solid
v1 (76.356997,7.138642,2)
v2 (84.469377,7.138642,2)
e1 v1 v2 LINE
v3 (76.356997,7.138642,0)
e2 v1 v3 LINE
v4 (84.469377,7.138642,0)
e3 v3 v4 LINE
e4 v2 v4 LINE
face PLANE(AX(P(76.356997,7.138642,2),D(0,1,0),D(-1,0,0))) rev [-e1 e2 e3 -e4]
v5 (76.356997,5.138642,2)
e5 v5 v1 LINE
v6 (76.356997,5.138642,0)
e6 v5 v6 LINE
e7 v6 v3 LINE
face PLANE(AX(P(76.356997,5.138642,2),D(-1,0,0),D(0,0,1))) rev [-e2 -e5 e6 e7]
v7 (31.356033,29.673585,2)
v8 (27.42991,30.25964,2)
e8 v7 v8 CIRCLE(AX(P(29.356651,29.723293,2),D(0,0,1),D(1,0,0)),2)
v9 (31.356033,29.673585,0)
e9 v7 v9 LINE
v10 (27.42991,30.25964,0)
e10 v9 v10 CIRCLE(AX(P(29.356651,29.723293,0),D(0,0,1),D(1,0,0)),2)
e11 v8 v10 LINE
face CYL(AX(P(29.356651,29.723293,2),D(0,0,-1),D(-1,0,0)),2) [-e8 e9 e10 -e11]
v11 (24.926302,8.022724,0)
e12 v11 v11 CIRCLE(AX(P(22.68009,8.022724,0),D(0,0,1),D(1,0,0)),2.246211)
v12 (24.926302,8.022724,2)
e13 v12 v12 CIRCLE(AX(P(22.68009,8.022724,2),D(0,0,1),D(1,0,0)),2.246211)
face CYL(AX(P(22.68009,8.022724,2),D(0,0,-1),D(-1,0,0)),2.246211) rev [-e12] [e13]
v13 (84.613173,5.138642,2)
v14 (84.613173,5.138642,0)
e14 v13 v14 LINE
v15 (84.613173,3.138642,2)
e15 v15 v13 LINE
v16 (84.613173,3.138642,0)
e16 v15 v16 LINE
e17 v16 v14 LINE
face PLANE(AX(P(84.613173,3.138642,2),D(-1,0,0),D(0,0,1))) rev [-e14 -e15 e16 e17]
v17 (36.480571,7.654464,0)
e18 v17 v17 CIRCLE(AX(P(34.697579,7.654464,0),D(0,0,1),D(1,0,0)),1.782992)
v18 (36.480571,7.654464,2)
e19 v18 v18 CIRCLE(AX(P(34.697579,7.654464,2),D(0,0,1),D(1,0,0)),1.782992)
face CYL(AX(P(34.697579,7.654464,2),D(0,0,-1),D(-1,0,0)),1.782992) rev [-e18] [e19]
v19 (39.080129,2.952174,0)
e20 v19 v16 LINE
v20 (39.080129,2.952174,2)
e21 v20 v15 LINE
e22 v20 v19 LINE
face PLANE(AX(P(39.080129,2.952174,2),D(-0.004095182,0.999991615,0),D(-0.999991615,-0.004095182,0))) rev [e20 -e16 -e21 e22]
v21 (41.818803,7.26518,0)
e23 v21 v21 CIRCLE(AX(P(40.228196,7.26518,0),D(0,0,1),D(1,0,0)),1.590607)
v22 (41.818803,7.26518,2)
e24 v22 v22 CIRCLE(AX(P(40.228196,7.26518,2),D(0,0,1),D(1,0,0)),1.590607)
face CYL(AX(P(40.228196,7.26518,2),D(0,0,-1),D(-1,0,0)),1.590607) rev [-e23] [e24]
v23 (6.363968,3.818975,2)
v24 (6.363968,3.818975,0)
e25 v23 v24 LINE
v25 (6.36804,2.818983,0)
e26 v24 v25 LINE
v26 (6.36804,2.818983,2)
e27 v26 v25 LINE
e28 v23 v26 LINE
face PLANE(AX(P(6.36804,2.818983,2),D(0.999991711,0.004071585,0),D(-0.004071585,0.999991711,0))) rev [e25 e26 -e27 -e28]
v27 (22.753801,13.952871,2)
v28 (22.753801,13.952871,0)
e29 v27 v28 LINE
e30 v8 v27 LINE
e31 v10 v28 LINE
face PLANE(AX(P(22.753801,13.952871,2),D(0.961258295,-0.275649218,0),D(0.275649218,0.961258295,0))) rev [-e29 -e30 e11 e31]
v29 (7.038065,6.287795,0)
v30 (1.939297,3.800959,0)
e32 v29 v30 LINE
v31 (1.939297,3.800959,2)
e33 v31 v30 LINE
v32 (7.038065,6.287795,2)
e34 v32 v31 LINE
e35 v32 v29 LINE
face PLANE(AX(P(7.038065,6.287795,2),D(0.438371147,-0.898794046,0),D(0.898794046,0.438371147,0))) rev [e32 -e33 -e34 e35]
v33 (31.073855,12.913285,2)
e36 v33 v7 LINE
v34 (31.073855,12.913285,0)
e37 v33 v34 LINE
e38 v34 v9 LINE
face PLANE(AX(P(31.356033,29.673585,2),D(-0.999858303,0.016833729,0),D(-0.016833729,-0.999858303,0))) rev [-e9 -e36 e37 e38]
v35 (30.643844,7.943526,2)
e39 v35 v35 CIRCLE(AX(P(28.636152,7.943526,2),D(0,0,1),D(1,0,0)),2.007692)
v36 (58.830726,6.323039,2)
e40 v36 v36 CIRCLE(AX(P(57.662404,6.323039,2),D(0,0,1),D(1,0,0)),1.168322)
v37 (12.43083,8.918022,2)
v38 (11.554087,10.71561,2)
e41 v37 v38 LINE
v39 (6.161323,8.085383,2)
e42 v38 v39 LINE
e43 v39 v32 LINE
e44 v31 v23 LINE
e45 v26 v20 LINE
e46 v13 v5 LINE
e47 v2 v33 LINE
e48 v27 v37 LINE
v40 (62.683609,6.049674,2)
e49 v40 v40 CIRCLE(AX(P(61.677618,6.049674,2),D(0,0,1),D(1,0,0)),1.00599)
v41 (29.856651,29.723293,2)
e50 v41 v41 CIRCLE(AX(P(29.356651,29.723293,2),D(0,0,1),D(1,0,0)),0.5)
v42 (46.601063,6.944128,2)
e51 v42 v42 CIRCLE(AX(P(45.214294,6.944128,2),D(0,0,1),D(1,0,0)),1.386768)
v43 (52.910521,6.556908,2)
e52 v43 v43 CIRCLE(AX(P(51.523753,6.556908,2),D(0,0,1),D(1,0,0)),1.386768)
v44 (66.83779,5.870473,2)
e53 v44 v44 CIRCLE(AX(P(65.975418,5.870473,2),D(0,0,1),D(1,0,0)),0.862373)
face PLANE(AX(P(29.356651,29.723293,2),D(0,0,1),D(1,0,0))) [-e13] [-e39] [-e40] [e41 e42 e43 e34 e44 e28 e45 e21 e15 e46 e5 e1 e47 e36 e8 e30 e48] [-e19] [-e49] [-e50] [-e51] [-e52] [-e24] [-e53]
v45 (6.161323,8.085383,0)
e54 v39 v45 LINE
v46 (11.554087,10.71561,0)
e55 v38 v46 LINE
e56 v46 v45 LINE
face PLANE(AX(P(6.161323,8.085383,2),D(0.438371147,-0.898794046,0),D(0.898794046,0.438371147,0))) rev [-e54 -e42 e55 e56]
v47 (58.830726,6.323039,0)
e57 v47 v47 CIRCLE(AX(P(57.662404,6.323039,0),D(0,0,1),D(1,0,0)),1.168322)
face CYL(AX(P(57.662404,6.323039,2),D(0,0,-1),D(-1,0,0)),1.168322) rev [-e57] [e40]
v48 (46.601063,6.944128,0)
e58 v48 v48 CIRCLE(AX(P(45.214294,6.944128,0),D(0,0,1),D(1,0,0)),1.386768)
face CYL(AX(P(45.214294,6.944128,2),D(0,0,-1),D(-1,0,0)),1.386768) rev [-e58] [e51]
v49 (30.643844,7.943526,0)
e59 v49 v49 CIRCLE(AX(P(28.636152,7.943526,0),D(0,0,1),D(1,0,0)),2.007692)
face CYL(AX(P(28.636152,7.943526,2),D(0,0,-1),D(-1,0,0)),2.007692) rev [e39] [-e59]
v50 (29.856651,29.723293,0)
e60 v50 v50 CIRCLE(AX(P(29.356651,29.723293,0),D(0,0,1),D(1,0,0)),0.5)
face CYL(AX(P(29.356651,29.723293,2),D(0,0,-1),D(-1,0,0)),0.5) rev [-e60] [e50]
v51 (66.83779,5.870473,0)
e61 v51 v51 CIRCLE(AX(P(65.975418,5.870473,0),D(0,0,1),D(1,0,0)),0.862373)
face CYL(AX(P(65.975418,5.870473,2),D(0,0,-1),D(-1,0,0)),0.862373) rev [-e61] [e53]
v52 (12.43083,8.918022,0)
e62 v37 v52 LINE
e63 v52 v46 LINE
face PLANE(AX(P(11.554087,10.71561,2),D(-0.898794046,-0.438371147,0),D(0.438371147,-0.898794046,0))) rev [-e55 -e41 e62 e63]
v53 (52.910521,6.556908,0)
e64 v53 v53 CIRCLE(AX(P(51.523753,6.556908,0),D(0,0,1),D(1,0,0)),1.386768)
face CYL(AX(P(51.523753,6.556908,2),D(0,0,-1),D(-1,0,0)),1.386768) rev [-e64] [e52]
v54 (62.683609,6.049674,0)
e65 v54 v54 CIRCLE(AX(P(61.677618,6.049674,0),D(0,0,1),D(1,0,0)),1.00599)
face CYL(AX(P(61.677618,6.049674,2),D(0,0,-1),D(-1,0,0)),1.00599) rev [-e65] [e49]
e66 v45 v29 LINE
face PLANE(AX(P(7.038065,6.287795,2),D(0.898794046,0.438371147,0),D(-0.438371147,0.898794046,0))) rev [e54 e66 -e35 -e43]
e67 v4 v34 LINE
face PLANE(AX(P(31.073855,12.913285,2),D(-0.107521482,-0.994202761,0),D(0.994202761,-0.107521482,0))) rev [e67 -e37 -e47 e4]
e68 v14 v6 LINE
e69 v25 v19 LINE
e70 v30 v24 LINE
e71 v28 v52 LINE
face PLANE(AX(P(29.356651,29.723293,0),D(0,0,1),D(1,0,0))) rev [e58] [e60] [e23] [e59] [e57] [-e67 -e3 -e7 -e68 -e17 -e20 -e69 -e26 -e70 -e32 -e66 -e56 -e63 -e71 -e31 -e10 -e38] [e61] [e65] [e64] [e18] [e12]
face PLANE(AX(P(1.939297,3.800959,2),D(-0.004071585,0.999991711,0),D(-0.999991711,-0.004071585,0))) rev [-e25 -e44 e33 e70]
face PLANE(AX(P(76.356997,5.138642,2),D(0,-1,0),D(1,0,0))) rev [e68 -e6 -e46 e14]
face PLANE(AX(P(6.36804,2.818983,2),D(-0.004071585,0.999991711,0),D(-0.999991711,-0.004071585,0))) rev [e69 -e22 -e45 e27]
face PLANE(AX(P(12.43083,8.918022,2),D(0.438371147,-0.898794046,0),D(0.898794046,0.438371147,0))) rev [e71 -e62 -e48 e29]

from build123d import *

# Parameters (mm, degrees)
MODEL_R         = 0.5
MODEL_R_2       = 1.782992023
MODEL_R_3       = 1.590607237
MODEL_R_4       = 1.168321926
MODEL_R_5       = 1.005990221
MODEL_R_6       = 0.862372678
MODEL_R_7       = 1.386768465
MODEL_R_8       = 2.007691982
MODEL_R_9       = 2.246211192
EXTRUDE_1_DEPTH = 2


with BuildPart() as part:
    # Model → 凸台-拉伸1 (new body)
    with BuildSketch(Plane.XY):
        with BuildLine():
            Line((7.038065488, 6.287794997), (6.161323194, 8.085383089))
            Line((6.161323194, 8.085383089), (11.554087472, 10.71560997))
            Line((11.554087472, 10.71560997), (12.430829766, 8.918021877))
            Line((12.430829766, 8.918021877), (22.753800963, 13.952871341))
            Line((22.753800963, 13.952871341), (27.429909526, 30.259640434))
            ThreePointArc((27.429909526, 30.259640434), (29.651920806, 31.70137695), (31.356032886, 29.673584966))
            Line((31.356032886, 29.673584966), (31.073854544, 12.913284736))
            Line((31.073854544, 12.913284736), (84.46937713, 7.138642034))
            Line((84.46937713, 7.138642034), (76.356996628, 7.138642034))
            Line((76.356996628, 7.138642034), (76.356996628, 5.138642034))
            Line((76.356996628, 5.138642034), (84.613173024, 5.138642034))
            Line((84.613173024, 5.138642034), (84.613173024, 3.138642034))
            Line((84.613173024, 3.138642034), (39.080128632, 2.952174352))
            Line((39.080128632, 2.952174352), (6.368039675, 2.818983184))
            Line((6.368039675, 2.818983184), (6.36396809, 3.818974895))
            Line((6.36396809, 3.818974895), (1.939296742, 3.800959318))
            Line((1.939296742, 3.800959318), (7.038065488, 6.287794997))
        make_face()
        with Locations((29.356650707, 29.723293138)):
            Circle(MODEL_R, mode=Mode.SUBTRACT)
        with Locations((34.697579439, 7.654463755)):
            Circle(MODEL_R_2, mode=Mode.SUBTRACT)
        with Locations((40.228196013, 7.265180246)):
            Circle(MODEL_R_3, mode=Mode.SUBTRACT)
        with Locations((57.662403713, 6.323039134)):
            Circle(MODEL_R_4, mode=Mode.SUBTRACT)
        with Locations((61.677618383, 6.049673892)):
            Circle(MODEL_R_5, mode=Mode.SUBTRACT)
        with Locations((65.97541766, 5.870473213)):
            Circle(MODEL_R_6, mode=Mode.SUBTRACT)
        with Locations((45.214294389, 6.944127982)):
            Circle(MODEL_R_7, mode=Mode.SUBTRACT)
        with Locations((28.636152213, 7.943525557)):
            Circle(MODEL_R_8, mode=Mode.SUBTRACT)
        with Locations((22.680090468, 8.022724278)):
            Circle(MODEL_R_9, mode=Mode.SUBTRACT)
        with Locations((51.523752732, 6.556908357)):
            Circle(MODEL_R_7, mode=Mode.SUBTRACT)
    extrude(amount=EXTRUDE_1_DEPTH)


solid = part.part
